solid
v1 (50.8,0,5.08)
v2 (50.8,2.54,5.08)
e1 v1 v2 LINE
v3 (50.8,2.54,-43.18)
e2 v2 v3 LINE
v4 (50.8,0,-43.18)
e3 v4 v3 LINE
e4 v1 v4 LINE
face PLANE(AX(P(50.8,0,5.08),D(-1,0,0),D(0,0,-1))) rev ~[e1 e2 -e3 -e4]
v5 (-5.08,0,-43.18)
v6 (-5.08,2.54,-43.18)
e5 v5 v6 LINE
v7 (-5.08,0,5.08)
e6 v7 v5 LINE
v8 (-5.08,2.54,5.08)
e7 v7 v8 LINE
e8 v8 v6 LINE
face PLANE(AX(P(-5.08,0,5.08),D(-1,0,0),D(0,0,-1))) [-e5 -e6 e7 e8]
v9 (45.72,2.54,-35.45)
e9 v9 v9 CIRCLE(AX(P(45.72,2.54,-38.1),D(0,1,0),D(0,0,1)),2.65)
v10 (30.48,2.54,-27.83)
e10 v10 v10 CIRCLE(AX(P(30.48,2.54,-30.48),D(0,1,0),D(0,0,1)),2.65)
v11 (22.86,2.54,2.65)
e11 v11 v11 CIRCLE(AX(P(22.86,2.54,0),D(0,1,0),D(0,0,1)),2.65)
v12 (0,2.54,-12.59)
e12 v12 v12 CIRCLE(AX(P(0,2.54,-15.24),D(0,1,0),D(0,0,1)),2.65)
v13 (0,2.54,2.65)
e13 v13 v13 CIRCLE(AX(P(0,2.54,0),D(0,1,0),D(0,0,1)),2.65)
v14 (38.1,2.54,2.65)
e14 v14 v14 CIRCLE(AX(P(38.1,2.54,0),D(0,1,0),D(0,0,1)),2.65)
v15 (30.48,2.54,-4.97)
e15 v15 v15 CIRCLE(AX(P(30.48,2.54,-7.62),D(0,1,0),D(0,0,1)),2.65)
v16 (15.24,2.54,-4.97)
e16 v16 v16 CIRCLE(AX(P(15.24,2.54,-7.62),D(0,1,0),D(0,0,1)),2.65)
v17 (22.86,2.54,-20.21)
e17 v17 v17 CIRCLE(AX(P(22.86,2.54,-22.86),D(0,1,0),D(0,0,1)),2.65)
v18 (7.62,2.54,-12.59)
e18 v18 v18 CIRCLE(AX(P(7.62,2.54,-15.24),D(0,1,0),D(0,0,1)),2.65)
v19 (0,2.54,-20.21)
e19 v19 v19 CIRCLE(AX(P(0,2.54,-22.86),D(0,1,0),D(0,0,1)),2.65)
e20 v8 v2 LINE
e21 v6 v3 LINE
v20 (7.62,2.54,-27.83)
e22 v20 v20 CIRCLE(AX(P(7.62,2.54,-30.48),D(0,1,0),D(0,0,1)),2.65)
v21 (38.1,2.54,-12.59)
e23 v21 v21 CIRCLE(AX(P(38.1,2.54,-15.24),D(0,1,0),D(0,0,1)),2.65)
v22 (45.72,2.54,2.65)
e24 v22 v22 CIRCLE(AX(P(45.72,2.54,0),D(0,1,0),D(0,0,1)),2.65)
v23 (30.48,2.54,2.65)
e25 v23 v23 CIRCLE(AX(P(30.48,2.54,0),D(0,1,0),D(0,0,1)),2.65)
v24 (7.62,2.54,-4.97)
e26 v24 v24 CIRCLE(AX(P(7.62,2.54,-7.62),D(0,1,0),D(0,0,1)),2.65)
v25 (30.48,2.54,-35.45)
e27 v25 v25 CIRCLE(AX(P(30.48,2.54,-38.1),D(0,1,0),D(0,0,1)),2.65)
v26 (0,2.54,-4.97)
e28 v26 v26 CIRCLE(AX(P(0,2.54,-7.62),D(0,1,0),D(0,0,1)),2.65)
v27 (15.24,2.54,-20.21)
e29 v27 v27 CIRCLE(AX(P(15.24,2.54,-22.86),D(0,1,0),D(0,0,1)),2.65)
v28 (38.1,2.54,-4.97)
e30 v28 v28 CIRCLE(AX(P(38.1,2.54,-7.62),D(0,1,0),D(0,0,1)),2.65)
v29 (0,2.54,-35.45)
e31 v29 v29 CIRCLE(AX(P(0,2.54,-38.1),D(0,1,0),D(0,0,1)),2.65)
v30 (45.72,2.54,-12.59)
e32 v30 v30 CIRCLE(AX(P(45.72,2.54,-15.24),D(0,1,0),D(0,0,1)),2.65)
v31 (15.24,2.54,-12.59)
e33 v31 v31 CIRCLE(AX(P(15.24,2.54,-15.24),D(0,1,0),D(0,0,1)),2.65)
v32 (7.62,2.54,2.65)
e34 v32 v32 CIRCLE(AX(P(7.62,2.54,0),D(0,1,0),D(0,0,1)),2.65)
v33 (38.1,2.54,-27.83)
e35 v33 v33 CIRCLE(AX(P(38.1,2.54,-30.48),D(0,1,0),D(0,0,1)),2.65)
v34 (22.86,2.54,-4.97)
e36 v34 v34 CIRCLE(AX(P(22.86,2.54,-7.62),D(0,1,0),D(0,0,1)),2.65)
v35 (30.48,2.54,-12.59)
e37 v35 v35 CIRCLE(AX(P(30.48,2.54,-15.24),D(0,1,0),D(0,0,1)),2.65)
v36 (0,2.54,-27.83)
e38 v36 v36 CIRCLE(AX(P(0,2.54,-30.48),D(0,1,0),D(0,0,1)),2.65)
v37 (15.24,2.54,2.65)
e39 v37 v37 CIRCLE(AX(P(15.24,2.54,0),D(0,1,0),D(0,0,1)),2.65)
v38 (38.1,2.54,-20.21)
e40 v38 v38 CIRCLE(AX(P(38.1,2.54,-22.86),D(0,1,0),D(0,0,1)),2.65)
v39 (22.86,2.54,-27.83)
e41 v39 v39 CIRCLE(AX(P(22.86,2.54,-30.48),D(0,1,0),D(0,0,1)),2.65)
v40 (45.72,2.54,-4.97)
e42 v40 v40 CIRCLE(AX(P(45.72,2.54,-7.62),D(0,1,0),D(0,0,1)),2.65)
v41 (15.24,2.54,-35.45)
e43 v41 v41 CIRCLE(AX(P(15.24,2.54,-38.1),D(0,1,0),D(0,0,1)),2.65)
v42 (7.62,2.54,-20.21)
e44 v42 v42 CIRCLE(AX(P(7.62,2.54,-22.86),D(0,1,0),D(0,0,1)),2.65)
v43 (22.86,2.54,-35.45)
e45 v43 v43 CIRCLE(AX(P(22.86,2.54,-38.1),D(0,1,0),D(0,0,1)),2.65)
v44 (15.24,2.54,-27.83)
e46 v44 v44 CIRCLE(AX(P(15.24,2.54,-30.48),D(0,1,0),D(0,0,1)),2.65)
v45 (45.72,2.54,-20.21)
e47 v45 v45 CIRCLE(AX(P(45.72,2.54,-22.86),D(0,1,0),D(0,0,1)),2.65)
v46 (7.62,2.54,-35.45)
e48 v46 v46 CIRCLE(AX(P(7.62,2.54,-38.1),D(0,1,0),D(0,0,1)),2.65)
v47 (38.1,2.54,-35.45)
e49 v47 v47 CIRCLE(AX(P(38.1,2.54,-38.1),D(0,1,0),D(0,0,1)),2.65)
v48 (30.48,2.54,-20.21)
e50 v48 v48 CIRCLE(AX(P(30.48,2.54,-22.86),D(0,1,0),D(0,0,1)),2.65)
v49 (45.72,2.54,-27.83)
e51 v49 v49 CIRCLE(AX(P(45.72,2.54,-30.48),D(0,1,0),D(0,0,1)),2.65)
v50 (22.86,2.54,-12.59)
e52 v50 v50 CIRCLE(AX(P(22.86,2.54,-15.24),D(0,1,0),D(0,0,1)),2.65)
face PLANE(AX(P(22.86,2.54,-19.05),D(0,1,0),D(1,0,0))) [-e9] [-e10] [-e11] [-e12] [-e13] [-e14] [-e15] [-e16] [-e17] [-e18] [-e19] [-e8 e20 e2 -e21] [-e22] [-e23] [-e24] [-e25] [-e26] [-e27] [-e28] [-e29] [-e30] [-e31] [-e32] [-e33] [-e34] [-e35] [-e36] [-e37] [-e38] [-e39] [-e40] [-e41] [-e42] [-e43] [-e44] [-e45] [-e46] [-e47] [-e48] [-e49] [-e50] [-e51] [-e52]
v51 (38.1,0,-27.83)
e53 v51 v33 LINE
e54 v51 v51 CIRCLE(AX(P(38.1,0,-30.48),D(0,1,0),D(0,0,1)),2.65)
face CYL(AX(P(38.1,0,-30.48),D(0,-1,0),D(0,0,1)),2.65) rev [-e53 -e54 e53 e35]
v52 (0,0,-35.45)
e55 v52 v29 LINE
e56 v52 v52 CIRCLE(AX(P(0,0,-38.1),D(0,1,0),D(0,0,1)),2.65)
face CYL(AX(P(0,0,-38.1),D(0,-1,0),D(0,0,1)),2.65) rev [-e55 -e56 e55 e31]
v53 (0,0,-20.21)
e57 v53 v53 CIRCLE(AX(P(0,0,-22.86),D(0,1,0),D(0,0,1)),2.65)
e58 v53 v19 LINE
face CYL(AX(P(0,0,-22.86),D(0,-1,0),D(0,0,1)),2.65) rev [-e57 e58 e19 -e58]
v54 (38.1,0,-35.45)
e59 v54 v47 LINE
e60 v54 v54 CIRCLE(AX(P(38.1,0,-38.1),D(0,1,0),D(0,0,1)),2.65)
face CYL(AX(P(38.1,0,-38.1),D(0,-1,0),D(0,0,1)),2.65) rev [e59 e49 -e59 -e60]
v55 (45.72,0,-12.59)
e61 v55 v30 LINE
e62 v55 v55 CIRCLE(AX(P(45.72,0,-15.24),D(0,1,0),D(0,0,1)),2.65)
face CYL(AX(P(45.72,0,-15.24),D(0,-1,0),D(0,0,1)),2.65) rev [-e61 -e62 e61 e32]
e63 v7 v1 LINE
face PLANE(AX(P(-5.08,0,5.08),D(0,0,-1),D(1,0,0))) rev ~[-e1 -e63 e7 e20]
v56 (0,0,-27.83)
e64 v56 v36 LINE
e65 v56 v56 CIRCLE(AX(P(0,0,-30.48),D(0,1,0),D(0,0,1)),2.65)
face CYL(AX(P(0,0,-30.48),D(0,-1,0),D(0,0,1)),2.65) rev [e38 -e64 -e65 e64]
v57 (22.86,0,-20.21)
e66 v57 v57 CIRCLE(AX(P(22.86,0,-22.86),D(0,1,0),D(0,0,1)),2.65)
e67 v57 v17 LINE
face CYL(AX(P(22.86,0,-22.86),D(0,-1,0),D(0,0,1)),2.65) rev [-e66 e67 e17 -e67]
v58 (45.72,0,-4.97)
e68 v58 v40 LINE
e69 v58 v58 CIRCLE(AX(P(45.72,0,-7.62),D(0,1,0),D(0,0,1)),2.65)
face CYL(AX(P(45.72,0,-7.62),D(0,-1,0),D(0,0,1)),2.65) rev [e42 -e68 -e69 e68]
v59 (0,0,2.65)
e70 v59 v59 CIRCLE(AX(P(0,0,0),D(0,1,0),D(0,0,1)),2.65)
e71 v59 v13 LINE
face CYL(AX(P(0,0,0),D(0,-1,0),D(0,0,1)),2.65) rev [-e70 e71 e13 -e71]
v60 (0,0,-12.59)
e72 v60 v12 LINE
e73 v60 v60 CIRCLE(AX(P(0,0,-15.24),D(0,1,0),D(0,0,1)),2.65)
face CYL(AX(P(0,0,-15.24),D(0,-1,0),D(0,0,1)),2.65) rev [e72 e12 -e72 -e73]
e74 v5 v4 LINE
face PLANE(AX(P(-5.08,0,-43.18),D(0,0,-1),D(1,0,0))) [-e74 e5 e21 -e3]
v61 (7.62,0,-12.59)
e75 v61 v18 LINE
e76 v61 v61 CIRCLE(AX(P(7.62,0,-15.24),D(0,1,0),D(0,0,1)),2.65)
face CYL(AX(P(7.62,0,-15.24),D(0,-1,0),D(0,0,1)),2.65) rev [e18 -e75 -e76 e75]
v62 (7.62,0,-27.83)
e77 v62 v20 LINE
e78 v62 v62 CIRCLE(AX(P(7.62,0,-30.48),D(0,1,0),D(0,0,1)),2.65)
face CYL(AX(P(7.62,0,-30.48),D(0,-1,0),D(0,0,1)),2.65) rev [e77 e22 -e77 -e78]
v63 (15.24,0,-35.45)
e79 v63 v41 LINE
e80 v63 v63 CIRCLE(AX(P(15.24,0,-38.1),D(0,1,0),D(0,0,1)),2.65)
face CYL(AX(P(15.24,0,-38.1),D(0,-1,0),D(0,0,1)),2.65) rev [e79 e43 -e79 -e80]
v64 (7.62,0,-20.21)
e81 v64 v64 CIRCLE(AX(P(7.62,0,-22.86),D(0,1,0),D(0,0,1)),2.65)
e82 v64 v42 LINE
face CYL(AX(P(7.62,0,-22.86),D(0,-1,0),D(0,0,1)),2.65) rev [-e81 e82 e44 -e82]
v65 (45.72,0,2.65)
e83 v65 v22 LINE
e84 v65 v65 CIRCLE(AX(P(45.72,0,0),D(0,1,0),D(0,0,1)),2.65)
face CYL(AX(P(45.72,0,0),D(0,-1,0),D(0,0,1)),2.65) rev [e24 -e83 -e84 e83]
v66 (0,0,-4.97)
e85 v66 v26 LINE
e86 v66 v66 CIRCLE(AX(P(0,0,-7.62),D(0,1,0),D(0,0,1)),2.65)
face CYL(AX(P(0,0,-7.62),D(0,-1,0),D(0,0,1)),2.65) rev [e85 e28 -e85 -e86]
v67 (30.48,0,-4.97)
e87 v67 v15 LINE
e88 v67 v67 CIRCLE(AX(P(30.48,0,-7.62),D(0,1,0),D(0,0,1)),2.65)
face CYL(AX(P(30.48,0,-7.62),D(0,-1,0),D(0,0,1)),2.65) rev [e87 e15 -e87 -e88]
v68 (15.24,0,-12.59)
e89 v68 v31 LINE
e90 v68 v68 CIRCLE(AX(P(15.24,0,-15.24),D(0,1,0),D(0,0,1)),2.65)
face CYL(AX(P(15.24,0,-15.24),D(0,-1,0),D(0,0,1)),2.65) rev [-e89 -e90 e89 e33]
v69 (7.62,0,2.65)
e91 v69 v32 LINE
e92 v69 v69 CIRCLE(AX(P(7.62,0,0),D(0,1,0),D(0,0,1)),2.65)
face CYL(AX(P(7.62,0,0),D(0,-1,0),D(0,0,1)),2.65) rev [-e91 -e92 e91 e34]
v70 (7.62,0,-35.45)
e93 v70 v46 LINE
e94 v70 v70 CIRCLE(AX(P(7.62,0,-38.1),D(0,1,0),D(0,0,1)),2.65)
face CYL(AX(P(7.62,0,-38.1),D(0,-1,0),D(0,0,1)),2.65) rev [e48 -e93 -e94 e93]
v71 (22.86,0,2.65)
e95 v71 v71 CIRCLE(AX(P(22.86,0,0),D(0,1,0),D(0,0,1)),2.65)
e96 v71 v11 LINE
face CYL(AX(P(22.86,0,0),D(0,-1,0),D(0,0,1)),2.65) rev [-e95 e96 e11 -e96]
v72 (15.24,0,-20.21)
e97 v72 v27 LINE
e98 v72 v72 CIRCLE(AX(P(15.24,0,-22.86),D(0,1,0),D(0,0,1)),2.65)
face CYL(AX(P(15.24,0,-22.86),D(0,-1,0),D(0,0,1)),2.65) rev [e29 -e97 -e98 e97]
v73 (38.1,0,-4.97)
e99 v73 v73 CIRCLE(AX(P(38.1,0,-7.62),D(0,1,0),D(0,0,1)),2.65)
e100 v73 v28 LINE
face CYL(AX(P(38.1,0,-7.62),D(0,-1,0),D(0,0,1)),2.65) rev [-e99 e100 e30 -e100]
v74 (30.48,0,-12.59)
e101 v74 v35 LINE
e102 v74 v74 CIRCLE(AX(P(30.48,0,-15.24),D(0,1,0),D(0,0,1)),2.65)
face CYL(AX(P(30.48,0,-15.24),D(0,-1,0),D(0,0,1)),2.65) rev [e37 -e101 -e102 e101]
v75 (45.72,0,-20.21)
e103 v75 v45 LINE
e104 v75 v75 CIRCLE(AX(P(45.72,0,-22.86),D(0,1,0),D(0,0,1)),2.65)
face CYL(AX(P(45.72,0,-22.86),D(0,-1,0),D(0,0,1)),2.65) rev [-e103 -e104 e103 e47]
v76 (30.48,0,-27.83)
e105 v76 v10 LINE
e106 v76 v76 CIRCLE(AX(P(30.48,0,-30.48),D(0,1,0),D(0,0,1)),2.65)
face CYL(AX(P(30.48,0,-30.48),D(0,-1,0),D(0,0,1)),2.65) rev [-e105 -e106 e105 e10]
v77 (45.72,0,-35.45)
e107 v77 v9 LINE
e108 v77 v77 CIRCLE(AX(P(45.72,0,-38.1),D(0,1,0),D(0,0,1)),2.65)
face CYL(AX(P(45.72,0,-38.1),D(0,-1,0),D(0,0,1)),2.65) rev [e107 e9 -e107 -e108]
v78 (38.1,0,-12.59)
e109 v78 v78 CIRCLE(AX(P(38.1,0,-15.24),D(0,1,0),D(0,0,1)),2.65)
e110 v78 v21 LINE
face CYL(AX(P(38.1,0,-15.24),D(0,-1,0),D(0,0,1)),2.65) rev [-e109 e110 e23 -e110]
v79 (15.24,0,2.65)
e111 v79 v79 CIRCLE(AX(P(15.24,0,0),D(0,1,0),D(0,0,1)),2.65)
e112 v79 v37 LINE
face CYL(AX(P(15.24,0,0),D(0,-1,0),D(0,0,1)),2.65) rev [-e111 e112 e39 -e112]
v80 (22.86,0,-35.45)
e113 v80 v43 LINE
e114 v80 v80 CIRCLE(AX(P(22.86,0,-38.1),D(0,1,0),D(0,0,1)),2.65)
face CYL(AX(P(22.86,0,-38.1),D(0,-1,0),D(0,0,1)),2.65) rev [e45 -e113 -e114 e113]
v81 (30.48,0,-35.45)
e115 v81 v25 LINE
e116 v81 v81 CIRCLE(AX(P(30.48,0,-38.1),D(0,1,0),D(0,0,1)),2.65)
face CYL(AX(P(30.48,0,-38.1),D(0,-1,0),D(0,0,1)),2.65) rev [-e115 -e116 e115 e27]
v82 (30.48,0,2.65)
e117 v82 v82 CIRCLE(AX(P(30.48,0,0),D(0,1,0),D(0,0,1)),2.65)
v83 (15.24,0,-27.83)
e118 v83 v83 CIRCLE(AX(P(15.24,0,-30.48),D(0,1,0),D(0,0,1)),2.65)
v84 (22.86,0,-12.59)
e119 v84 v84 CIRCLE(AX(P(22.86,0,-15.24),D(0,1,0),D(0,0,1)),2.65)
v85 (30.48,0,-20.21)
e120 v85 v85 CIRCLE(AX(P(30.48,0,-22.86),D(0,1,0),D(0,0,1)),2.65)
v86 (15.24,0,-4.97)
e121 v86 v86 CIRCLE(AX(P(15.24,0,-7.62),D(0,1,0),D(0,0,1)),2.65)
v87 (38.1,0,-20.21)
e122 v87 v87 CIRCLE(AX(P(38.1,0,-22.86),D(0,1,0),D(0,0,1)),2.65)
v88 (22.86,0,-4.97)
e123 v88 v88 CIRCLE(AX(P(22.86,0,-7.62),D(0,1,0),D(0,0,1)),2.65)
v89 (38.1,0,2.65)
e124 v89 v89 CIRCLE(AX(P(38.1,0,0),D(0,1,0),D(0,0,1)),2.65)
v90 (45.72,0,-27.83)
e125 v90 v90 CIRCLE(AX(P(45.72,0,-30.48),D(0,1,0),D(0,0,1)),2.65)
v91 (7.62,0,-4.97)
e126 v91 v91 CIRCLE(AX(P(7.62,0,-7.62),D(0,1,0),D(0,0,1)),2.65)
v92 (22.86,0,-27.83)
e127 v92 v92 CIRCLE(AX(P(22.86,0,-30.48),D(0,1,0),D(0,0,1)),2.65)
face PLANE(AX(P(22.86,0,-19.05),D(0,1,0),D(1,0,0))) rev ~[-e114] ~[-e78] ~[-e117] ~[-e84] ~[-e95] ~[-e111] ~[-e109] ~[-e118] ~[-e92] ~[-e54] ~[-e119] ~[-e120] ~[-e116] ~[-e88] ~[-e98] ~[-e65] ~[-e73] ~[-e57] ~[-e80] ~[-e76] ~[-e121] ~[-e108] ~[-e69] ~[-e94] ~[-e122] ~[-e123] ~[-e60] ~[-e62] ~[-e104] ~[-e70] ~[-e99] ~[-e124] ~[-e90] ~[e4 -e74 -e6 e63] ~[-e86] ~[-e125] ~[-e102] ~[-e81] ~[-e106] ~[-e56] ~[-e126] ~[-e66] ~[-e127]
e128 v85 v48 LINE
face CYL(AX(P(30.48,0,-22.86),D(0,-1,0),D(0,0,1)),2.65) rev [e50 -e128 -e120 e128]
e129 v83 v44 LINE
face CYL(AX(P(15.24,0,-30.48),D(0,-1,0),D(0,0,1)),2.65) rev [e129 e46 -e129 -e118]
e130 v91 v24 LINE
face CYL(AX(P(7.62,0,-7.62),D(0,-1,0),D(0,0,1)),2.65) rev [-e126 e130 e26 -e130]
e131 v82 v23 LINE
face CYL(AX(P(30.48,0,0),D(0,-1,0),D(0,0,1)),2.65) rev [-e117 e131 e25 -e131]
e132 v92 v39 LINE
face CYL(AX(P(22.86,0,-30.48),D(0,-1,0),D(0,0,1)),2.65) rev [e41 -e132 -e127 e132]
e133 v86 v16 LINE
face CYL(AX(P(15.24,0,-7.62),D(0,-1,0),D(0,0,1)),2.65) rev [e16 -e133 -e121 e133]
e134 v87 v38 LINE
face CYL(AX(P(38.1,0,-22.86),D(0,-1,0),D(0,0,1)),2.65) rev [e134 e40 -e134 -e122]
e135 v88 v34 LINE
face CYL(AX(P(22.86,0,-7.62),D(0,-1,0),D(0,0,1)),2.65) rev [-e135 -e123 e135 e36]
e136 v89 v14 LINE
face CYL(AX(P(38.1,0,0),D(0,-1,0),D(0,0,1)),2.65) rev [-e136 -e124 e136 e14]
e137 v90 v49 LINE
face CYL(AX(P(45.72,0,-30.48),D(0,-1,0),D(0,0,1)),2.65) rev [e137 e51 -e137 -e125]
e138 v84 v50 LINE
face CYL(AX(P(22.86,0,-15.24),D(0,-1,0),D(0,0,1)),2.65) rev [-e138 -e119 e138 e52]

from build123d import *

# Parameters (mm, degrees)
SKETCH1_W           = 55.88
SKETCH1_H           = 48.26
SKETCH1_R           = 2.65
BOSS_EXTRUDE1_DEPTH = 2.54


with BuildPart() as part:
    # Sketch1 → Boss-Extrude1 (new body)
    with BuildSketch(Plane(origin=(0, 0, 0), x_dir=(1, 0, 0), z_dir=(0, 1, 0))):
        with Locations((22.86, 19.05)):
            Rectangle(SKETCH1_W, SKETCH1_H)
        with Locations(Location((0, 0, 0), (0, 0, 270))):
            Circle(SKETCH1_R, mode=Mode.SUBTRACT)
        with Locations(Location((7.62, 0, 0), (0, 0, 270))):
            Circle(SKETCH1_R, mode=Mode.SUBTRACT)
        with Locations(Location((15.24, 0, 0), (0, 0, 270))):
            Circle(SKETCH1_R, mode=Mode.SUBTRACT)
        with Locations(Location((22.86, 0, 0), (0, 0, 270))):
            Circle(SKETCH1_R, mode=Mode.SUBTRACT)
        with Locations(Location((30.48, 0, 0), (0, 0, 270))):
            Circle(SKETCH1_R, mode=Mode.SUBTRACT)
        with Locations(Location((38.1, 0, 0), (0, 0, 270))):
            Circle(SKETCH1_R, mode=Mode.SUBTRACT)
        with Locations(Location((45.72, 0, 0), (0, 0, 270))):
            Circle(SKETCH1_R, mode=Mode.SUBTRACT)
        with Locations(Location((7.62, 7.62, 0), (0, 0, 270))):
            Circle(SKETCH1_R, mode=Mode.SUBTRACT)
        with Locations(Location((15.24, 7.62, 0), (0, 0, 270))):
            Circle(SKETCH1_R, mode=Mode.SUBTRACT)
        with Locations(Location((22.86, 7.62, 0), (0, 0, 270))):
            Circle(SKETCH1_R, mode=Mode.SUBTRACT)
        with Locations(Location((30.48, 7.62, 0), (0, 0, 270))):
            Circle(SKETCH1_R, mode=Mode.SUBTRACT)
        with Locations(Location((38.1, 7.62, 0), (0, 0, 270))):
            Circle(SKETCH1_R, mode=Mode.SUBTRACT)
        with Locations(Location((45.72, 7.62, 0), (0, 0, 270))):
            Circle(SKETCH1_R, mode=Mode.SUBTRACT)
        with Locations(Location((7.62, 15.24, 0), (0, 0, 270))):
            Circle(SKETCH1_R, mode=Mode.SUBTRACT)
        with Locations(Location((15.24, 15.24, 0), (0, 0, 270))):
            Circle(SKETCH1_R, mode=Mode.SUBTRACT)
        with Locations(Location((22.86, 15.24, 0), (0, 0, 270))):
            Circle(SKETCH1_R, mode=Mode.SUBTRACT)
        with Locations(Location((30.48, 15.24, 0), (0, 0, 270))):
            Circle(SKETCH1_R, mode=Mode.SUBTRACT)
        with Locations(Location((38.1, 15.24, 0), (0, 0, 270))):
            Circle(SKETCH1_R, mode=Mode.SUBTRACT)
        with Locations(Location((45.72, 15.24, 0), (0, 0, 270))):
            Circle(SKETCH1_R, mode=Mode.SUBTRACT)
        with Locations(Location((7.62, 22.86, 0), (0, 0, 270))):
            Circle(SKETCH1_R, mode=Mode.SUBTRACT)
        with Locations(Location((15.24, 22.86, 0), (0, 0, 270))):
            Circle(SKETCH1_R, mode=Mode.SUBTRACT)
        with Locations(Location((22.86, 22.86, 0), (0, 0, 270))):
            Circle(SKETCH1_R, mode=Mode.SUBTRACT)
        with Locations(Location((30.48, 22.86, 0), (0, 0, 270))):
            Circle(SKETCH1_R, mode=Mode.SUBTRACT)
        with Locations(Location((38.1, 22.86, 0), (0, 0, 270))):
            Circle(SKETCH1_R, mode=Mode.SUBTRACT)
        with Locations(Location((45.72, 22.86, 0), (0, 0, 270))):
            Circle(SKETCH1_R, mode=Mode.SUBTRACT)
        with Locations(Location((7.62, 30.48, 0), (0, 0, 270))):
            Circle(SKETCH1_R, mode=Mode.SUBTRACT)
        with Locations(Location((15.24, 30.48, 0), (0, 0, 270))):
            Circle(SKETCH1_R, mode=Mode.SUBTRACT)
        with Locations(Location((22.86, 30.48, 0), (0, 0, 270))):
            Circle(SKETCH1_R, mode=Mode.SUBTRACT)
        with Locations(Location((30.48, 30.48, 0), (0, 0, 270))):
            Circle(SKETCH1_R, mode=Mode.SUBTRACT)
        with Locations(Location((38.1, 30.48, 0), (0, 0, 270))):
            Circle(SKETCH1_R, mode=Mode.SUBTRACT)
        with Locations(Location((45.72, 30.48, 0), (0, 0, 270))):
            Circle(SKETCH1_R, mode=Mode.SUBTRACT)
        with Locations(Location((7.62, 38.1, 0), (0, 0, 270))):
            Circle(SKETCH1_R, mode=Mode.SUBTRACT)
        with Locations(Location((15.24, 38.1, 0), (0, 0, 270))):
            Circle(SKETCH1_R, mode=Mode.SUBTRACT)
        with Locations(Location((22.86, 38.1, 0), (0, 0, 270))):
            Circle(SKETCH1_R, mode=Mode.SUBTRACT)
        with Locations(Location((30.48, 38.1, 0), (0, 0, 270))):
            Circle(SKETCH1_R, mode=Mode.SUBTRACT)
        with Locations(Location((38.1, 38.1, 0), (0, 0, 270))):
            Circle(SKETCH1_R, mode=Mode.SUBTRACT)
        with Locations(Location((45.72, 38.1, 0), (0, 0, 270))):
            Circle(SKETCH1_R, mode=Mode.SUBTRACT)
        with Locations(Location((0, 7.62, 0), (0, 0, 270))):
            Circle(SKETCH1_R, mode=Mode.SUBTRACT)
        with Locations(Location((0, 15.24, 0), (0, 0, 270))):
            Circle(SKETCH1_R, mode=Mode.SUBTRACT)
        with Locations(Location((0, 22.86, 0), (0, 0, 270))):
            Circle(SKETCH1_R, mode=Mode.SUBTRACT)
        with Locations(Location((0, 30.48, 0), (0, 0, 270))):
            Circle(SKETCH1_R, mode=Mode.SUBTRACT)
        with Locations(Location((0, 38.1, 0), (0, 0, 270))):
            Circle(SKETCH1_R, mode=Mode.SUBTRACT)
    extrude(amount=BOSS_EXTRUDE1_DEPTH)


solid = part.part
